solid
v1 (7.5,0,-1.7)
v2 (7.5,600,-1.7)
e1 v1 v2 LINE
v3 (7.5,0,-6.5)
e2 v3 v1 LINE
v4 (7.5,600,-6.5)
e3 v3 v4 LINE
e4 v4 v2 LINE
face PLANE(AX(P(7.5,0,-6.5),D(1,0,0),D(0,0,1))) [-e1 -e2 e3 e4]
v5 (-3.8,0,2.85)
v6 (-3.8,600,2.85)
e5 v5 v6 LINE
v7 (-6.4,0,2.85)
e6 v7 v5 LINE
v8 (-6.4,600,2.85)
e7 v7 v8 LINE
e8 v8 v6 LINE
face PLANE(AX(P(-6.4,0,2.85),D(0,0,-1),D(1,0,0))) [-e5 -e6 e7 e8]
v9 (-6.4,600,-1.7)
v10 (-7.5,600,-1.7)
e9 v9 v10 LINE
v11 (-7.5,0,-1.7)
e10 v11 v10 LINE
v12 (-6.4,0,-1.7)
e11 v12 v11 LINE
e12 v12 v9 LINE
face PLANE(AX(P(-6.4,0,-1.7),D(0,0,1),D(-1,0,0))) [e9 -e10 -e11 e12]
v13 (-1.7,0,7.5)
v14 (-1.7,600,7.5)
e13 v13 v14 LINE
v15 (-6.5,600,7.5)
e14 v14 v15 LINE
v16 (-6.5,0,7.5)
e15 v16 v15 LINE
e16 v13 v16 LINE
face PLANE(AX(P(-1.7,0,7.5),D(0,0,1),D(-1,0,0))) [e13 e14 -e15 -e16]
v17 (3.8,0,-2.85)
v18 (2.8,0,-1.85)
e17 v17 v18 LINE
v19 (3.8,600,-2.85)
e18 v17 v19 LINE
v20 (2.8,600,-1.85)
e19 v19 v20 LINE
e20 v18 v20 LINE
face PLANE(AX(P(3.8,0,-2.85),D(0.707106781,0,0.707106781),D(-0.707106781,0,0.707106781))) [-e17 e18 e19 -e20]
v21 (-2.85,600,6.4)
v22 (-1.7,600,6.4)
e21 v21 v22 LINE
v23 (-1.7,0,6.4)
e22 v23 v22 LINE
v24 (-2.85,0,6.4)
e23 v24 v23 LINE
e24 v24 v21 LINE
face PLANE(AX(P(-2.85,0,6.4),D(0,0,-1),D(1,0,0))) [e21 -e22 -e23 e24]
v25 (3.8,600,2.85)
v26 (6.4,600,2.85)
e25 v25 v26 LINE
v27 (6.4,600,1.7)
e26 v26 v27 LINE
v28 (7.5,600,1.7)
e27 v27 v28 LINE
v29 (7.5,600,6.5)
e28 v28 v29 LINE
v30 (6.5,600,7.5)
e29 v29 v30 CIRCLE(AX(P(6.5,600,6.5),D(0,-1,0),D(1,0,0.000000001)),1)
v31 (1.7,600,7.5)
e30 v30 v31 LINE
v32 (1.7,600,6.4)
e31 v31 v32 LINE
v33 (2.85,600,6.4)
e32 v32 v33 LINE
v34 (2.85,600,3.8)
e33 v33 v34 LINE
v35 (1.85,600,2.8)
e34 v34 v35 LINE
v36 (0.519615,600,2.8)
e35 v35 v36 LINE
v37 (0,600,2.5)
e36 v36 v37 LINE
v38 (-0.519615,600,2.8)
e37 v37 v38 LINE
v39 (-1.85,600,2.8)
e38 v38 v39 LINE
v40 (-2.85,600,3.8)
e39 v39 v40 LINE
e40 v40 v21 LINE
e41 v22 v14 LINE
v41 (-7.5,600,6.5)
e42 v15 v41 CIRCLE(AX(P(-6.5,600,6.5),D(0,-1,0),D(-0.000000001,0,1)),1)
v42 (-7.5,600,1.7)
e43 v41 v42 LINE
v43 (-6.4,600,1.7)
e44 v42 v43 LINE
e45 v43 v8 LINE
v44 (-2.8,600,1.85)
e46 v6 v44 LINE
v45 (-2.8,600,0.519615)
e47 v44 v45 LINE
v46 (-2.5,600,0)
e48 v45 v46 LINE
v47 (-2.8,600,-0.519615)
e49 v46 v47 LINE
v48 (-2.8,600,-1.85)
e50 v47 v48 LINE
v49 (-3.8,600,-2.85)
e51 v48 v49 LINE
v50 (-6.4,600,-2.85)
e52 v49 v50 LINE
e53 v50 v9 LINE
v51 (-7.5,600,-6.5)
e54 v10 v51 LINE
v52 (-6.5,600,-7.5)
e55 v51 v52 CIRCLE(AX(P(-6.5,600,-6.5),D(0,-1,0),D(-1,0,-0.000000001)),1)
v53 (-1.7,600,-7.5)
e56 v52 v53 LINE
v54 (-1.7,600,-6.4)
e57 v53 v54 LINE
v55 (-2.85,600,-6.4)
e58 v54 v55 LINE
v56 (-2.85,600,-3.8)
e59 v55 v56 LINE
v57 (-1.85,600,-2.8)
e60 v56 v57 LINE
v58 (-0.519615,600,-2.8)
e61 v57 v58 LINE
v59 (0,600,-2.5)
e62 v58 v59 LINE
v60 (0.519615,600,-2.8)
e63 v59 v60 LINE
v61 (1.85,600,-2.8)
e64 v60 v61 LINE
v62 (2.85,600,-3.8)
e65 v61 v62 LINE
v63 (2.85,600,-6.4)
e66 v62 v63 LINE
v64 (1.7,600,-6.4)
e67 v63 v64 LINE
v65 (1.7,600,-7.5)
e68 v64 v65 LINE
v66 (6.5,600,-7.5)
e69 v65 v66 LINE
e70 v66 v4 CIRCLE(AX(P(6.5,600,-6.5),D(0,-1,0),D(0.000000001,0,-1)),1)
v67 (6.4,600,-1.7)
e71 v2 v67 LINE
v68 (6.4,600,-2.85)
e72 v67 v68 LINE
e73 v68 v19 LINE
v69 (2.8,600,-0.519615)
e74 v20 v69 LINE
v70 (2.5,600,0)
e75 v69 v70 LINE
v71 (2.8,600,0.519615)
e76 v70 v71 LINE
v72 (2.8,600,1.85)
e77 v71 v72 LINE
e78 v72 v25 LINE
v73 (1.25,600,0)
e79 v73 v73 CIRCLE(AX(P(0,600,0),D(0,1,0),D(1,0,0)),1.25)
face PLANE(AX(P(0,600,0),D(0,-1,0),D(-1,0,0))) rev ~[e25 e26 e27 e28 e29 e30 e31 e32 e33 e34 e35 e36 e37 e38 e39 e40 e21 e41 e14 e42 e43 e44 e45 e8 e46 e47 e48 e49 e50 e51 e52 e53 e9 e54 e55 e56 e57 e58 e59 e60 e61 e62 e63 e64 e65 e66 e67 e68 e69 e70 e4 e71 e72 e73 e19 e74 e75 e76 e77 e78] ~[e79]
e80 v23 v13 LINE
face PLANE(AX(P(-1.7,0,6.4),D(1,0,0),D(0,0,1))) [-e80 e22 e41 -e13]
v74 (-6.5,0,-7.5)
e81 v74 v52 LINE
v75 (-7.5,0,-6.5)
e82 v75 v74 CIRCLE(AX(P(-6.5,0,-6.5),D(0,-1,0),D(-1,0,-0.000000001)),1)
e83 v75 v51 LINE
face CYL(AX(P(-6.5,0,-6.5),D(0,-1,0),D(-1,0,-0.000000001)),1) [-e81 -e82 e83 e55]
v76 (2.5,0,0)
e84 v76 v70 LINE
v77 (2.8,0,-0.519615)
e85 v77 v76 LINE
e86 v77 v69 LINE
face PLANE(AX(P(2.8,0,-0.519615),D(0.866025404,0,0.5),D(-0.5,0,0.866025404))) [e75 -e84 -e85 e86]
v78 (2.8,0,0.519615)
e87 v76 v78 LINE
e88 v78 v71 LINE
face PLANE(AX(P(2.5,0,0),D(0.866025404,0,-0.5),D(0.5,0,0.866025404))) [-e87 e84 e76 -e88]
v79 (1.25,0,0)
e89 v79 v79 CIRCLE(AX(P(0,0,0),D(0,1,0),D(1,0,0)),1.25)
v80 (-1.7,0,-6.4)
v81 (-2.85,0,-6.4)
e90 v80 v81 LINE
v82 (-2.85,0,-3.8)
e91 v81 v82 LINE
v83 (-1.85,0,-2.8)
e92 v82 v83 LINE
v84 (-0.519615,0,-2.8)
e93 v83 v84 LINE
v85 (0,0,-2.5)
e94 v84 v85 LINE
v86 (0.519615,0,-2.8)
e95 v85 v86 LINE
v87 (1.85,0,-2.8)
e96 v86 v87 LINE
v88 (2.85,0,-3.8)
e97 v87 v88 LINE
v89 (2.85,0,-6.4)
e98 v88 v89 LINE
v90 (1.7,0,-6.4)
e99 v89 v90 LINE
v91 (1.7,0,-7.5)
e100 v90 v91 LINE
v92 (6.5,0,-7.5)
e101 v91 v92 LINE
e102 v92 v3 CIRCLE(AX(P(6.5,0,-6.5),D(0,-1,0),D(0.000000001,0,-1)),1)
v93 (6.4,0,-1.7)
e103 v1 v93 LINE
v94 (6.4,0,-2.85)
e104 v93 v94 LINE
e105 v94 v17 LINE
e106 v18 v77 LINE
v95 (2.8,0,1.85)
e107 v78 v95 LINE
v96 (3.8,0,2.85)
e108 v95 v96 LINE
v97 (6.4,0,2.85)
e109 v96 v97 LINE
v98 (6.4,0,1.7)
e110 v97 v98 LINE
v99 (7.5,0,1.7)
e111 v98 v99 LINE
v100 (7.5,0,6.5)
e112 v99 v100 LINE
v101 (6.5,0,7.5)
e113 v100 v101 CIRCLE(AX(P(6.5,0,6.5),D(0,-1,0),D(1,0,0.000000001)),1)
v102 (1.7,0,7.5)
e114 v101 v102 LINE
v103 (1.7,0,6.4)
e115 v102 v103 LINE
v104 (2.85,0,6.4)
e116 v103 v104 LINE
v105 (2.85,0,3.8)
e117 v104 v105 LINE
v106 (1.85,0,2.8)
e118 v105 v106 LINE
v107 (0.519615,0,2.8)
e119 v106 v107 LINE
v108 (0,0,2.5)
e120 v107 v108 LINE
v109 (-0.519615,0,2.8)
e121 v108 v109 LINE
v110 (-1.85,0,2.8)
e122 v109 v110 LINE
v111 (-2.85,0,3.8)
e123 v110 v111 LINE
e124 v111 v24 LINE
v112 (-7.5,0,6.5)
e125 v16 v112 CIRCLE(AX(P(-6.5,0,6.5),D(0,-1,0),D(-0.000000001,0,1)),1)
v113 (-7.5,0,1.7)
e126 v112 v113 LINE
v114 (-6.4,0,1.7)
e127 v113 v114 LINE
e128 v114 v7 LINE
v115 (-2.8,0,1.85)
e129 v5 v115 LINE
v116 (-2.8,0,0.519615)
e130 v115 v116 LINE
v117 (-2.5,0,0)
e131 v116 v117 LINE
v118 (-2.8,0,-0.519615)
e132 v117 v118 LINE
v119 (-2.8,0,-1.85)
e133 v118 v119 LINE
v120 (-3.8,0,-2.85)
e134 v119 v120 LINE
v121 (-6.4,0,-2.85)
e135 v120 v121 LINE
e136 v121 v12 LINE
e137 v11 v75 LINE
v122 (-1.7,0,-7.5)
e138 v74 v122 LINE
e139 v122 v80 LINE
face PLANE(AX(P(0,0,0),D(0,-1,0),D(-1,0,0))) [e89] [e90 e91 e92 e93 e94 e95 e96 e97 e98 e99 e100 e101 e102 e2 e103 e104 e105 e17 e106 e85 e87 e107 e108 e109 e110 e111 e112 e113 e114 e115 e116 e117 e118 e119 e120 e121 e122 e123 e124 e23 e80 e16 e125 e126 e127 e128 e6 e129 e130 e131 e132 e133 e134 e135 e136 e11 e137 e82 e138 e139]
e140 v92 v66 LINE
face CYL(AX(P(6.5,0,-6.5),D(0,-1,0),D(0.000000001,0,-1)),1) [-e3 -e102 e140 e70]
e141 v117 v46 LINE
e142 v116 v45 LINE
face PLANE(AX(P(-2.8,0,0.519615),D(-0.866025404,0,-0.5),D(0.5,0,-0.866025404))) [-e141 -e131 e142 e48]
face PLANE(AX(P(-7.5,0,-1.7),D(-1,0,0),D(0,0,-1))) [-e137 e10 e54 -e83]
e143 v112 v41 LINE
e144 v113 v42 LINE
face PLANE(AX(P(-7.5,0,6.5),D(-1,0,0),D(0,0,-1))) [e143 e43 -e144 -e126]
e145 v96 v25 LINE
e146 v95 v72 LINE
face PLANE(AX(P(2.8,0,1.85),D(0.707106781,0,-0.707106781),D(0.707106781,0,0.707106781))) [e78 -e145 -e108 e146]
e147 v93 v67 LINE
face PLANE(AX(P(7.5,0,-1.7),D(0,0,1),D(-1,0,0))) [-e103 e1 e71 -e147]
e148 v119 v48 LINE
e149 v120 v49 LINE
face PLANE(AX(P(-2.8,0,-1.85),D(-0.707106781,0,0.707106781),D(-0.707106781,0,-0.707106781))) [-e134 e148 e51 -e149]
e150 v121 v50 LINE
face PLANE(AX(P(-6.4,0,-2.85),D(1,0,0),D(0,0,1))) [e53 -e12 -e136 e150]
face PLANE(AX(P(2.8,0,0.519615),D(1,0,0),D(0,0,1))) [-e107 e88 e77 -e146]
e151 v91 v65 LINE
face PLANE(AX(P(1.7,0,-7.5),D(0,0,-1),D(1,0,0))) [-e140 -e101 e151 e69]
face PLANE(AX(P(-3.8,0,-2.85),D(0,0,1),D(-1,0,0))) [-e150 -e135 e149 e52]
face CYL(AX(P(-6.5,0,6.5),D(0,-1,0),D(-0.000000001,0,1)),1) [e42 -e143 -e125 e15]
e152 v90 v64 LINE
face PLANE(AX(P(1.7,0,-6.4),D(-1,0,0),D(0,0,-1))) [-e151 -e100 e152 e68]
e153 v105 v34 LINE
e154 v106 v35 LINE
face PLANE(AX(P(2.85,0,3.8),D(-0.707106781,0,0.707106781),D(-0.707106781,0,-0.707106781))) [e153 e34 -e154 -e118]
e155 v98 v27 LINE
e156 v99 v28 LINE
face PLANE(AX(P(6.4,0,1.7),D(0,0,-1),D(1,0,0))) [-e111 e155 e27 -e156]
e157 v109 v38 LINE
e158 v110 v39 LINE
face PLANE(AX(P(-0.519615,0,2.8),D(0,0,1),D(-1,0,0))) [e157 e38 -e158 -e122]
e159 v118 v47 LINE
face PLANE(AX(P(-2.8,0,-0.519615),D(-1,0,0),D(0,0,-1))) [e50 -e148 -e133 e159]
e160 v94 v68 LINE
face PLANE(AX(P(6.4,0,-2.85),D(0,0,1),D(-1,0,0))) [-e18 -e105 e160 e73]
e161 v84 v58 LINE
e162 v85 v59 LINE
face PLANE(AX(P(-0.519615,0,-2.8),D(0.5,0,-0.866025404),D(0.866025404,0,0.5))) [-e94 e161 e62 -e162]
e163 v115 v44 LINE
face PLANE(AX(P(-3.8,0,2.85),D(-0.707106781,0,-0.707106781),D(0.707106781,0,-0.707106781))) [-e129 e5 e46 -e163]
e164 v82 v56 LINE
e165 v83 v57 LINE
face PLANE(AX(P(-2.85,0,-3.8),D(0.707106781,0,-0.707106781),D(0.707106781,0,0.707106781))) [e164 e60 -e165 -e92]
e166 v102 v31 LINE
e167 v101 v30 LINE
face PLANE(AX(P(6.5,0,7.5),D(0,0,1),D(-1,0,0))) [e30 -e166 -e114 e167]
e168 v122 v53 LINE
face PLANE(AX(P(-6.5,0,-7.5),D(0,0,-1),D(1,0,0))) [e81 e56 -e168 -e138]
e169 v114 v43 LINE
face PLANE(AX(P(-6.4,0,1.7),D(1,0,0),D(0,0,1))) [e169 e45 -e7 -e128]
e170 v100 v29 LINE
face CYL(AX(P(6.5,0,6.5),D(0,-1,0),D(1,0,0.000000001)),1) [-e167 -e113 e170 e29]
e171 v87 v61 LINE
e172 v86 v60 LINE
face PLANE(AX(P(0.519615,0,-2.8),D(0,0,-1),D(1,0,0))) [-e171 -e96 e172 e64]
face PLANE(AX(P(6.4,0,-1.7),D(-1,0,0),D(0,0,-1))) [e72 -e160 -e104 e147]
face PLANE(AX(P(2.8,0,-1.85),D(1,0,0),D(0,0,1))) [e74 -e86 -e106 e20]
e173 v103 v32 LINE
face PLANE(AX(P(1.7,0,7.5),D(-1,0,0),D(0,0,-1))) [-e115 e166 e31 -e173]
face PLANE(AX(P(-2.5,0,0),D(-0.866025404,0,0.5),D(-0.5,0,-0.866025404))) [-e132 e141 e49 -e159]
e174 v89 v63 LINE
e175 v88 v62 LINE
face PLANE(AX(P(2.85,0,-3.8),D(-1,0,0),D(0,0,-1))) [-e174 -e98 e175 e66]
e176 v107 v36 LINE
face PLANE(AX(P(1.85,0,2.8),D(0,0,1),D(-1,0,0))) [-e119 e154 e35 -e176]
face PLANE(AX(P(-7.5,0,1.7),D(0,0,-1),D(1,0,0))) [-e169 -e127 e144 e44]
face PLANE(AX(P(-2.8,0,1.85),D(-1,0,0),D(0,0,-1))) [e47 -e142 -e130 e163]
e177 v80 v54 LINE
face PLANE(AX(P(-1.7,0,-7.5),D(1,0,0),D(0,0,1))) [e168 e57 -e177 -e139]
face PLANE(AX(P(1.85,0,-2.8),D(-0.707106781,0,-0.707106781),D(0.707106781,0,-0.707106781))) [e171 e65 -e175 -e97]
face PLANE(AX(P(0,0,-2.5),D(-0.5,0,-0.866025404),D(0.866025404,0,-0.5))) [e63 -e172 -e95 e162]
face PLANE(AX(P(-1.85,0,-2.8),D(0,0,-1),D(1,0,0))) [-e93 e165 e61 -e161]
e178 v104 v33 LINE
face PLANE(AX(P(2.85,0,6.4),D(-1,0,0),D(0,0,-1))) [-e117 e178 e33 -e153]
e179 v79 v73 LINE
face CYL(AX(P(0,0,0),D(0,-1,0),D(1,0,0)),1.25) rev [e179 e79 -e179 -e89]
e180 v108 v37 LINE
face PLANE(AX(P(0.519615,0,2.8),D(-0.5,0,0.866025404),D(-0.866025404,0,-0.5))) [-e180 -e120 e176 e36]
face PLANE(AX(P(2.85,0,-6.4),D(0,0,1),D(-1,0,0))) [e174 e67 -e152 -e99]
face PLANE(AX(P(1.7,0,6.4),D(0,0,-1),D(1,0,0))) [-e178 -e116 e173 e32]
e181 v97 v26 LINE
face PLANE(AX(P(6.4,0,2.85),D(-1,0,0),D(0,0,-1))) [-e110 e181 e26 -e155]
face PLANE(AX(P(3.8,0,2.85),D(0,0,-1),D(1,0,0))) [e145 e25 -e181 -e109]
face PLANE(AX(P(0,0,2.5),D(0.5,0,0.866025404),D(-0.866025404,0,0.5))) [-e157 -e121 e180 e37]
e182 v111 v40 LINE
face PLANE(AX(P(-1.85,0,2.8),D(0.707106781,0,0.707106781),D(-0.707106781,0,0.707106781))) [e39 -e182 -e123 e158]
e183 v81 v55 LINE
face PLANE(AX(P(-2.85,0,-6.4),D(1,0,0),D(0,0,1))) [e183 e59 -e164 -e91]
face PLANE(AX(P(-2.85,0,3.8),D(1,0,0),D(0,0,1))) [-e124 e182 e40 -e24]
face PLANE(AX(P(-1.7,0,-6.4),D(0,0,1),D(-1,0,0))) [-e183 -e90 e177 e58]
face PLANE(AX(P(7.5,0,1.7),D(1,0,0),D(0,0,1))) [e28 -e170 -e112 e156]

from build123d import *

# Parameters (mm, degrees)
SKETCH1_R           = 1.25
BOSS_EXTRUDE1_DEPTH = 600


with BuildPart() as part:
    # Sketch1 → Boss-Extrude1 (new body)
    with BuildSketch(Plane(origin=(0, 0, 0), x_dir=(1, 0, 0), z_dir=(0, 1, 0))):
        with BuildLine():
            Line((6.5, -7.5), (1.7, -7.5))
            Line((1.7, -7.5), (1.7, -6.4))
            Line((1.7, -6.4), (2.85, -6.4))
            Line((2.85, -6.4), (2.85, -3.8))
            Line((2.85, -3.8), (1.85, -2.8))
            Line((1.85, -2.8), (0.519615242, -2.8))
            Line((0.519615242, -2.8), (0, -2.5))
            Line((0, -2.5), (-0.519615242, -2.8))
            Line((-0.519615242, -2.8), (-1.85, -2.8))
            Line((-1.85, -2.8), (-2.85, -3.8))
            Line((-2.85, -3.8), (-2.85, -6.4))
            Line((-2.85, -6.4), (-1.7, -6.4))
            Line((-1.7, -6.4), (-1.7, -7.5))
            Line((-1.7, -7.5), (-6.5, -7.5))
            ThreePointArc((-6.5, -7.5), (-7.207106781, -7.207106781), (-7.5, -6.5))
            Line((-7.5, -6.5), (-7.5, -1.7))
            Line((-7.5, -1.7), (-6.4, -1.7))
            Line((-6.4, -1.7), (-6.4, -2.85))
            Line((-6.4, -2.85), (-3.8, -2.85))
            Line((-3.8, -2.85), (-2.8, -1.85))
            Line((-2.8, -1.85), (-2.8, -0.519615242))
            Line((-2.8, -0.519615242), (-2.5, 0))
            Line((-2.5, 0), (-2.8, 0.519615242))
            Line((-2.8, 0.519615242), (-2.8, 1.85))
            Line((-2.8, 1.85), (-3.8, 2.85))
            Line((-3.8, 2.85), (-6.4, 2.85))
            Line((-6.4, 2.85), (-6.4, 1.7))
            Line((-6.4, 1.7), (-7.5, 1.7))
            Line((-7.5, 1.7), (-7.5, 6.5))
            ThreePointArc((-7.5, 6.5), (-7.207106781, 7.207106781), (-6.5, 7.5))
            Line((-6.5, 7.5), (-1.7, 7.5))
            Line((-1.7, 7.5), (-1.7, 6.4))
            Line((-1.7, 6.4), (-2.85, 6.4))
            Line((-2.85, 6.4), (-2.85, 3.8))
            Line((-2.85, 3.8), (-1.85, 2.8))
            Line((-1.85, 2.8), (-0.519615242, 2.8))
            Line((-0.519615242, 2.8), (0, 2.5))
            Line((0, 2.5), (0.519615242, 2.8))
            Line((0.519615242, 2.8), (1.85, 2.8))
            Line((1.85, 2.8), (2.85, 3.8))
            Line((2.85, 3.8), (2.85, 6.4))
            Line((2.85, 6.4), (1.7, 6.4))
            Line((1.7, 6.4), (1.7, 7.5))
            Line((1.7, 7.5), (6.5, 7.5))
            ThreePointArc((6.5, 7.5), (7.207106781, 7.207106781), (7.5, 6.5))
            Line((7.5, 6.5), (7.5, 1.7))
            Line((7.5, 1.7), (6.4, 1.7))
            Line((6.4, 1.7), (6.4, 2.85))
            Line((6.4, 2.85), (3.8, 2.85))
            Line((3.8, 2.85), (2.8, 1.85))
            Line((2.8, 1.85), (2.8, 0.519615242))
            Line((2.8, 0.519615242), (2.5, 0))
            Line((2.5, 0), (2.8, -0.519615242))
            Line((2.8, -0.519615242), (2.8, -1.85))
            Line((2.8, -1.85), (3.8, -2.85))
            Line((3.8, -2.85), (6.4, -2.85))
            Line((6.4, -2.85), (6.4, -1.7))
            Line((6.4, -1.7), (7.5, -1.7))
            Line((7.5, -1.7), (7.5, -6.5))
            ThreePointArc((7.5, -6.5), (7.207106781, -7.207106781), (6.5, -7.5))
        make_face()
        Circle(SKETCH1_R, mode=Mode.SUBTRACT)
    extrude(amount=BOSS_EXTRUDE1_DEPTH)


solid = part.part
